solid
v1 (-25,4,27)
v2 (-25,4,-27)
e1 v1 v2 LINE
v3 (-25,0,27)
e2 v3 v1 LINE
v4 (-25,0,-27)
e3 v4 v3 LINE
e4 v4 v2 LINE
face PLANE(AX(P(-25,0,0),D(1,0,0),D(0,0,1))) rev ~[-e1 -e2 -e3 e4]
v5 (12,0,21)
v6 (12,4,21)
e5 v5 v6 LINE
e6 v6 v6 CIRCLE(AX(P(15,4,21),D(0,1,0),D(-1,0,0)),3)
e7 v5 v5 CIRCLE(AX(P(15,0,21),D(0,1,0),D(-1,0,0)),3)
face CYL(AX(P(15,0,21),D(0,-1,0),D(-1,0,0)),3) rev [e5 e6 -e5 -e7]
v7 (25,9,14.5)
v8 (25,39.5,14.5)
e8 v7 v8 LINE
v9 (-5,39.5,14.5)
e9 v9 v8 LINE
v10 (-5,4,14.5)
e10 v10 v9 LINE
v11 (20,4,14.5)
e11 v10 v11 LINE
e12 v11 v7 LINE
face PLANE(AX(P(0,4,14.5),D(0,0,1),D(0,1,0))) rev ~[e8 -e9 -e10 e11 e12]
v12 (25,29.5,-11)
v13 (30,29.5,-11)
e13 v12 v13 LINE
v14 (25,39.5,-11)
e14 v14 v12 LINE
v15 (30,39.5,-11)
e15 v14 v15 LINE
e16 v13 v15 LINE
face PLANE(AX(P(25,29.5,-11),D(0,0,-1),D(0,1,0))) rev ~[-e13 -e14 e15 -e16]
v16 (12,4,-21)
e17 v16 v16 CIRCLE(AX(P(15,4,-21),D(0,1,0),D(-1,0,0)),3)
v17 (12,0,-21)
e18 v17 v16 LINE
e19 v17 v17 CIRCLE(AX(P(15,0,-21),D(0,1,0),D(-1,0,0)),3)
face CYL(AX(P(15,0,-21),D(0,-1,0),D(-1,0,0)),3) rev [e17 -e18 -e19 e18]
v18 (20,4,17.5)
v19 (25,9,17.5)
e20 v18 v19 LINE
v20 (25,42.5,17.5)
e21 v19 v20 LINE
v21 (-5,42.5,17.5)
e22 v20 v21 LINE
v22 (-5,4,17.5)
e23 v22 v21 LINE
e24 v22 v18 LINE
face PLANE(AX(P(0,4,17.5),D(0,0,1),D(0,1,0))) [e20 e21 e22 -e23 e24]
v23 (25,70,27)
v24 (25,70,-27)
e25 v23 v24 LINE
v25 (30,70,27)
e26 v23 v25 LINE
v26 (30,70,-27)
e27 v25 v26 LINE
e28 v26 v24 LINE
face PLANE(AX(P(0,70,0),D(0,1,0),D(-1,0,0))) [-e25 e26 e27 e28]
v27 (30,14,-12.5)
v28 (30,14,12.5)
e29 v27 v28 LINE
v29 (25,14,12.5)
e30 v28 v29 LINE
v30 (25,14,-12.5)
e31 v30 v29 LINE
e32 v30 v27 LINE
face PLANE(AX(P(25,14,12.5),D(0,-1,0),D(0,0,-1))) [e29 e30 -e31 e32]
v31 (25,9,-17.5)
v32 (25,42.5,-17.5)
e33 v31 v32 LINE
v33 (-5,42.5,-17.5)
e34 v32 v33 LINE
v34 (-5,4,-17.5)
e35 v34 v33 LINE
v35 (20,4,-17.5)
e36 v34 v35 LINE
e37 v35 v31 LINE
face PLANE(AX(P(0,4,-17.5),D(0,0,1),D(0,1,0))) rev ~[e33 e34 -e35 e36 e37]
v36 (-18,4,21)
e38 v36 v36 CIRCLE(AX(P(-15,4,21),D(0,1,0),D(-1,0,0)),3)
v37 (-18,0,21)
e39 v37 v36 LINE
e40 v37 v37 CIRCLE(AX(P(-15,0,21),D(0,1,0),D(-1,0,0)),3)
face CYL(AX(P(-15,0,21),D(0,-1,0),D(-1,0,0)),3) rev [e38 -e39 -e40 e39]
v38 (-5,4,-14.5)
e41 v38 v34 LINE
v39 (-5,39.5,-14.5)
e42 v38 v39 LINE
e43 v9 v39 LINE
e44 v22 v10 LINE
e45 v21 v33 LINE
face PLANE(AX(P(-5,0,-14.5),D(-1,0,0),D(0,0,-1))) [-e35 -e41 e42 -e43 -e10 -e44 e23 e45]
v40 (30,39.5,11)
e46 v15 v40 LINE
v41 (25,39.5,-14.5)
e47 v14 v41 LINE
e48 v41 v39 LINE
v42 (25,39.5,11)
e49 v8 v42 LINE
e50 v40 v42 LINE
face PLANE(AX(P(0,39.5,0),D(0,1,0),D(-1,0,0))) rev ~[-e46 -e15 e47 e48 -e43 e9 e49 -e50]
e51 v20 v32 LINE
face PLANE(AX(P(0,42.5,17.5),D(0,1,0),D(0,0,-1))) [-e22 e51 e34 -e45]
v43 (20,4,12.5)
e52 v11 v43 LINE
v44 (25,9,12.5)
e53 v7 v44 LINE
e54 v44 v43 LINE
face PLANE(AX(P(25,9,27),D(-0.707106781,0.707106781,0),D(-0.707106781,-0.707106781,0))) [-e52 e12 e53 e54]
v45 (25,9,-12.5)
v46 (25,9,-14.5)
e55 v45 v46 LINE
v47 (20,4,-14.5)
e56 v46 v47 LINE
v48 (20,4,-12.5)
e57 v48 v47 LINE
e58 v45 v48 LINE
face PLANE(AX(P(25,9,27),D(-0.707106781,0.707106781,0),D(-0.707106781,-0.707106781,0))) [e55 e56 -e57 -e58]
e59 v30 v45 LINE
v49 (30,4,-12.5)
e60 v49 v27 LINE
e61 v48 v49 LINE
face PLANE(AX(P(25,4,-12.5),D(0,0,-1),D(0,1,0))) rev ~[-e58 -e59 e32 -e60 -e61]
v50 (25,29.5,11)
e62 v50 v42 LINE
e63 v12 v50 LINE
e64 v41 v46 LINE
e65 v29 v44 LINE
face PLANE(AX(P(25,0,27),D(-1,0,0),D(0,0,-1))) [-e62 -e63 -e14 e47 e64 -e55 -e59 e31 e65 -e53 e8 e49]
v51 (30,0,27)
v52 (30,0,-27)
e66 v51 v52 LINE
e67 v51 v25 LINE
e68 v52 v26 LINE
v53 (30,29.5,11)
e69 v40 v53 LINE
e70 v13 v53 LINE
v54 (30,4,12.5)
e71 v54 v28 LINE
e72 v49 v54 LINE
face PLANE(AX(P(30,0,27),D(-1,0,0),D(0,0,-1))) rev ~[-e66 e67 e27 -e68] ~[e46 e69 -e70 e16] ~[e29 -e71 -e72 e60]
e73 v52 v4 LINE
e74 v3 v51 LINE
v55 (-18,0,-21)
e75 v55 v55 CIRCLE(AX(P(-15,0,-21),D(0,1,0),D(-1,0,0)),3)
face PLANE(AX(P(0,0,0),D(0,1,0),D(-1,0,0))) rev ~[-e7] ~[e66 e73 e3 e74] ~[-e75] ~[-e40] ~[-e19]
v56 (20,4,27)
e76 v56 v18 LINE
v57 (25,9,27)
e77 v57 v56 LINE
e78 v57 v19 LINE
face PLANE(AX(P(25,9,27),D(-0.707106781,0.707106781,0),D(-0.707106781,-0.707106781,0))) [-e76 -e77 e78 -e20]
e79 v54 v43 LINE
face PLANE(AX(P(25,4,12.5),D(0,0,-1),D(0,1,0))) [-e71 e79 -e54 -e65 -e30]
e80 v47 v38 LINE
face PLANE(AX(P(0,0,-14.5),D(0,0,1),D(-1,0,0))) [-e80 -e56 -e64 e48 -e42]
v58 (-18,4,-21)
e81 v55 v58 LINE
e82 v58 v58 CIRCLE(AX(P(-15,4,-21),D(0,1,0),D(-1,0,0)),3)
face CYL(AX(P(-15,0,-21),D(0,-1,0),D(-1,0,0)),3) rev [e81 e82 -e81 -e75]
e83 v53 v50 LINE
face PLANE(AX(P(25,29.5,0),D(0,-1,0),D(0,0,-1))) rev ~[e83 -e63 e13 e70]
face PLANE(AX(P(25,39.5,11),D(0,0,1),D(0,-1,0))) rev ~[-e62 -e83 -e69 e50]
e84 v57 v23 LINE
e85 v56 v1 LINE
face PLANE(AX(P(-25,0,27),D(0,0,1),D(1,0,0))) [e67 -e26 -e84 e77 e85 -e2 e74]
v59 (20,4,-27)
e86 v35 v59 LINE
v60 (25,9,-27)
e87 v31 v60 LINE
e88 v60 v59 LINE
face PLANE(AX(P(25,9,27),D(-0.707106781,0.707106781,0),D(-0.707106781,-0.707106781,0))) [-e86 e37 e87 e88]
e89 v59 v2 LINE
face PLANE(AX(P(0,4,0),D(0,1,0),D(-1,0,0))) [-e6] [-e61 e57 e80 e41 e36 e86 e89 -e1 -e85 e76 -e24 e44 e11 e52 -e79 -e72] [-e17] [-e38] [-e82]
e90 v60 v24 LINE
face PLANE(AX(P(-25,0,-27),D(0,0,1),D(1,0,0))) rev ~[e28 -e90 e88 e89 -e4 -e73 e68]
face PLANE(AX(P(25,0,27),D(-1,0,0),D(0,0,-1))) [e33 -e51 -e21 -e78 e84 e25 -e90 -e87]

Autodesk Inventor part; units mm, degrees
ref_plane "YZ Plane" through (0, 0, 0) normal (1, 0, 0) x (0, 1, 0)
ref_plane "XZ Plane" through (0, 0, 0) normal (0, 1, 0) x (-1, 0, 0)
ref_plane "XY Plane" through (0, 0, 0) normal (0, 0, 1) x (1, 0, 0)
sketch "Szkic1" plane through (0, 0, 0) normal (0, 1, 0) x (-1, 0, 0)
  line L0 (25, 27) -> (-25, 27)
  line L1 (-25, 27) -> (-25, -27)
  line L2 (-25, -27) -> (25, -27)
  line L3 (25, -27) -> (25, 27)
  line L4 (-25, 27) -> (25, -27) construction
  circle A0 centre (15, 21) radius 3
  line L5 (25, 0) -> (-25, 0)
  line L6 (0, 27) -> (0, -27)
  circle A1 centre (15, -21) radius 3
  circle A2 centre (-15, 21) radius 3
  circle A3 centre (-15, -21) radius 3
  line L7 (-25, 27) -> (-30, 27)
  line L8 (-30, 27) -> (-30, -27)
  line L9 (-30, -27) -> (-25, -27)
  line L10 (-25, -27) -> (-25, 27)
  line L11 (0, -14.5) -> (5, -14.5)
  line L12 (5, -14.5) -> (5, -17.5)
  line L13 (5, -17.5) -> (0, -17.5)
  line L14 (0, -17.5) -> (0, -14.5)
  line L15 (0, -14.5) -> (-5, -14.5)
  line L16 (-5, -14.5) -> (-5, -17.5)
  line L17 (-5, -17.5) -> (0, -17.5)
  line L18 (0, 14.5) -> (5, 14.5)
  line L19 (5, 14.5) -> (5, 17.5)
  line L20 (5, 17.5) -> (0, 17.5)
  line L21 (-5, 14.5) -> (-5, 17.5)
  line L22 (-5, 17.5) -> (0, 17.5)
  line L23 (0, 14.5) -> (-5, 14.5)
  line L24 (5, 14.5) -> (5, -14.5)
  line L25 (-5, 14.5) -> (-5, -14.5)
  point P0 (0, 0)
  point P1 (-27.5, 27)
  point P2 (-25, -27)
  point P3 (0, -17.5)
  point P4 (0, 17.5)
  dimension "d0" = 50
  dimension "d5" = 10
  dimension "d7" = 6
  dimension "d8" = 6
  dimension "d9" = 5
  dimension "d10" = 54
  dimension "d12" = 54
  dimension "d21" = 5
  dimension "d22" = 3
  dimension "d26" = 14.5
  dimension "d27" = 50
  dimension "d28" = 36.688
extrude "Wyciągnięcie proste1" add sketch "Szkic1" along normal blind 4 contours L3 L5 L24 L19 L20 L6 L0 | L6 L22 L21 L25 L5 L1 L0 | L3 L2 L6 L13 L12 L24 L5 | L20 L19 L18 L6 | L6 L23 L21 L22 | L24 L11 L6 L5 | L5 L6 L18 L24 | L5 L25 L16 L17 L6 L2 L1 | L6 L5 L25 L23 | L6 L15 L25 L5 | L12 L13 L6 L11 | L17 L16 L15 L6
extrude "Wyciągnięcie proste2" add sketch "Szkic1" along normal blind 70 contours L1 L9 L8 L7
sketch "Szkic3" plane through (-25, 0, 27) normal (0, 0, 1) x (1, 0, 0)
  line L0 (50, 4) -> (50, 70) projected
  line L1 (50, 9) -> (45, 4)
  line L2 (0, 4) -> (50, 4) projected
  line L3 (50, 9) -> (57.0711, 9) construction
  point P0 (25, 0)
  dimension "d17" = 135
  dimension "d18" = 5
extrude "Wyciągnięcie proste3" add sketch "Szkic3" against normal blind 54
extrude "Wyciągnięcie proste4" add sketch "Szkic1" along normal blind 42.5 contours L20 L19 L18 L6 | L12 L13 L6 L11
extrude "Wyciągnięcie proste5" add sketch "Szkic1" along normal blind 42.5 contours L24 L11 L6 L5 | L5 L6 L18 L24
extrude "Wyciągnięcie proste6" cut sketch "Szkic1" along normal blind 39.5 contours L24 L11 L6 L5 | L5 L6 L18 L24
extrude "Wyciągnięcie proste7" add sketch "Szkic1" along normal blind 4 contours L24 L11 L6 L5 | L5 L6 L18 L24
sketch "Szkic9" plane through (25, 70, -27) normal (-1, 0, 0) x (0, 0, 1)
  line L0 (0, -66) -> (54, -66) projected
  line L1 (39.5, -66) -> (39.5, -56)
  line L2 (41.5, -30.5) -> (12.5, -30.5) projected
  line L3 (41.5, -30.5) -> (41.5, -66) projected
  line L4 (27, -70) -> (27, 0)
  line L5 (0, 0) -> (54, 0) projected
  line L6 (14.5, -66) -> (14.5, -56)
  line L7 (39.5, -56) -> (14.5, -56)
  line L8 (39.5, -56) -> (14.5, -56)
  line L9 (14.5, -56) -> (14.5, -66)
  line L10 (14.5, -66) -> (39.5, -66)
  line L11 (39.5, -66) -> (39.5, -56)
  line L12 (39.5, -56) -> (39.5, -30.5)
  line L13 (14.5, -56) -> (14.5, -30.5)
  line L14 (39.5, -40.5) -> (14.5, -40.5)
  line L15 (38, -40.5) -> (16, -40.5)
  line L16 (16, -40.5) -> (16, -30.5)
  line L17 (16, -30.5) -> (38, -30.5)
  line L18 (38, -30.5) -> (38, -40.5)
  point P0 (38, -30.5)
  dimension "d37" = 10
  dimension "d38" = 2
  dimension "d39" = 10
  dimension "d40" = 22
  dimension "d41" = 1.5
extrude "Wyciągnięcie proste8" cut sketch "Szkic9" along normal mid plane 10 contours L0 L4 L7 L1 | L0 L6 L7 L4 | L14 L16 L2 L4 | L4 L2 L18 L14
sketch "Szkic10" plane through (0, 4, -17.5) normal (1, 0, 0) x (0, 0, -1)
  line L0 (-32, 0) -> (-32, 35.5) projected
  line L1 (-32, 35.5) -> (-3, 35.5) projected
  line L2 (-3, 35.5) -> (-3, 0) projected
  line L3 (0, 0) -> (-3, 0) projected
  line L4 (0, 0) -> (0, 38.5) projected
  line L5 (-35, 38.5) -> (0, 38.5) projected
  line L6 (-35, 0) -> (-35, 38.5) projected
  line L7 (-32, 0) -> (-35, 0) projected
  point P0 (-17.5, -4)
extrude "Wyciągnięcie proste9" add sketch "Szkic10" along normal up to surface (25 mm away)
properties part number "obudowa_łoż_pion_1" material "Tworzywo sztuczne ABS"
